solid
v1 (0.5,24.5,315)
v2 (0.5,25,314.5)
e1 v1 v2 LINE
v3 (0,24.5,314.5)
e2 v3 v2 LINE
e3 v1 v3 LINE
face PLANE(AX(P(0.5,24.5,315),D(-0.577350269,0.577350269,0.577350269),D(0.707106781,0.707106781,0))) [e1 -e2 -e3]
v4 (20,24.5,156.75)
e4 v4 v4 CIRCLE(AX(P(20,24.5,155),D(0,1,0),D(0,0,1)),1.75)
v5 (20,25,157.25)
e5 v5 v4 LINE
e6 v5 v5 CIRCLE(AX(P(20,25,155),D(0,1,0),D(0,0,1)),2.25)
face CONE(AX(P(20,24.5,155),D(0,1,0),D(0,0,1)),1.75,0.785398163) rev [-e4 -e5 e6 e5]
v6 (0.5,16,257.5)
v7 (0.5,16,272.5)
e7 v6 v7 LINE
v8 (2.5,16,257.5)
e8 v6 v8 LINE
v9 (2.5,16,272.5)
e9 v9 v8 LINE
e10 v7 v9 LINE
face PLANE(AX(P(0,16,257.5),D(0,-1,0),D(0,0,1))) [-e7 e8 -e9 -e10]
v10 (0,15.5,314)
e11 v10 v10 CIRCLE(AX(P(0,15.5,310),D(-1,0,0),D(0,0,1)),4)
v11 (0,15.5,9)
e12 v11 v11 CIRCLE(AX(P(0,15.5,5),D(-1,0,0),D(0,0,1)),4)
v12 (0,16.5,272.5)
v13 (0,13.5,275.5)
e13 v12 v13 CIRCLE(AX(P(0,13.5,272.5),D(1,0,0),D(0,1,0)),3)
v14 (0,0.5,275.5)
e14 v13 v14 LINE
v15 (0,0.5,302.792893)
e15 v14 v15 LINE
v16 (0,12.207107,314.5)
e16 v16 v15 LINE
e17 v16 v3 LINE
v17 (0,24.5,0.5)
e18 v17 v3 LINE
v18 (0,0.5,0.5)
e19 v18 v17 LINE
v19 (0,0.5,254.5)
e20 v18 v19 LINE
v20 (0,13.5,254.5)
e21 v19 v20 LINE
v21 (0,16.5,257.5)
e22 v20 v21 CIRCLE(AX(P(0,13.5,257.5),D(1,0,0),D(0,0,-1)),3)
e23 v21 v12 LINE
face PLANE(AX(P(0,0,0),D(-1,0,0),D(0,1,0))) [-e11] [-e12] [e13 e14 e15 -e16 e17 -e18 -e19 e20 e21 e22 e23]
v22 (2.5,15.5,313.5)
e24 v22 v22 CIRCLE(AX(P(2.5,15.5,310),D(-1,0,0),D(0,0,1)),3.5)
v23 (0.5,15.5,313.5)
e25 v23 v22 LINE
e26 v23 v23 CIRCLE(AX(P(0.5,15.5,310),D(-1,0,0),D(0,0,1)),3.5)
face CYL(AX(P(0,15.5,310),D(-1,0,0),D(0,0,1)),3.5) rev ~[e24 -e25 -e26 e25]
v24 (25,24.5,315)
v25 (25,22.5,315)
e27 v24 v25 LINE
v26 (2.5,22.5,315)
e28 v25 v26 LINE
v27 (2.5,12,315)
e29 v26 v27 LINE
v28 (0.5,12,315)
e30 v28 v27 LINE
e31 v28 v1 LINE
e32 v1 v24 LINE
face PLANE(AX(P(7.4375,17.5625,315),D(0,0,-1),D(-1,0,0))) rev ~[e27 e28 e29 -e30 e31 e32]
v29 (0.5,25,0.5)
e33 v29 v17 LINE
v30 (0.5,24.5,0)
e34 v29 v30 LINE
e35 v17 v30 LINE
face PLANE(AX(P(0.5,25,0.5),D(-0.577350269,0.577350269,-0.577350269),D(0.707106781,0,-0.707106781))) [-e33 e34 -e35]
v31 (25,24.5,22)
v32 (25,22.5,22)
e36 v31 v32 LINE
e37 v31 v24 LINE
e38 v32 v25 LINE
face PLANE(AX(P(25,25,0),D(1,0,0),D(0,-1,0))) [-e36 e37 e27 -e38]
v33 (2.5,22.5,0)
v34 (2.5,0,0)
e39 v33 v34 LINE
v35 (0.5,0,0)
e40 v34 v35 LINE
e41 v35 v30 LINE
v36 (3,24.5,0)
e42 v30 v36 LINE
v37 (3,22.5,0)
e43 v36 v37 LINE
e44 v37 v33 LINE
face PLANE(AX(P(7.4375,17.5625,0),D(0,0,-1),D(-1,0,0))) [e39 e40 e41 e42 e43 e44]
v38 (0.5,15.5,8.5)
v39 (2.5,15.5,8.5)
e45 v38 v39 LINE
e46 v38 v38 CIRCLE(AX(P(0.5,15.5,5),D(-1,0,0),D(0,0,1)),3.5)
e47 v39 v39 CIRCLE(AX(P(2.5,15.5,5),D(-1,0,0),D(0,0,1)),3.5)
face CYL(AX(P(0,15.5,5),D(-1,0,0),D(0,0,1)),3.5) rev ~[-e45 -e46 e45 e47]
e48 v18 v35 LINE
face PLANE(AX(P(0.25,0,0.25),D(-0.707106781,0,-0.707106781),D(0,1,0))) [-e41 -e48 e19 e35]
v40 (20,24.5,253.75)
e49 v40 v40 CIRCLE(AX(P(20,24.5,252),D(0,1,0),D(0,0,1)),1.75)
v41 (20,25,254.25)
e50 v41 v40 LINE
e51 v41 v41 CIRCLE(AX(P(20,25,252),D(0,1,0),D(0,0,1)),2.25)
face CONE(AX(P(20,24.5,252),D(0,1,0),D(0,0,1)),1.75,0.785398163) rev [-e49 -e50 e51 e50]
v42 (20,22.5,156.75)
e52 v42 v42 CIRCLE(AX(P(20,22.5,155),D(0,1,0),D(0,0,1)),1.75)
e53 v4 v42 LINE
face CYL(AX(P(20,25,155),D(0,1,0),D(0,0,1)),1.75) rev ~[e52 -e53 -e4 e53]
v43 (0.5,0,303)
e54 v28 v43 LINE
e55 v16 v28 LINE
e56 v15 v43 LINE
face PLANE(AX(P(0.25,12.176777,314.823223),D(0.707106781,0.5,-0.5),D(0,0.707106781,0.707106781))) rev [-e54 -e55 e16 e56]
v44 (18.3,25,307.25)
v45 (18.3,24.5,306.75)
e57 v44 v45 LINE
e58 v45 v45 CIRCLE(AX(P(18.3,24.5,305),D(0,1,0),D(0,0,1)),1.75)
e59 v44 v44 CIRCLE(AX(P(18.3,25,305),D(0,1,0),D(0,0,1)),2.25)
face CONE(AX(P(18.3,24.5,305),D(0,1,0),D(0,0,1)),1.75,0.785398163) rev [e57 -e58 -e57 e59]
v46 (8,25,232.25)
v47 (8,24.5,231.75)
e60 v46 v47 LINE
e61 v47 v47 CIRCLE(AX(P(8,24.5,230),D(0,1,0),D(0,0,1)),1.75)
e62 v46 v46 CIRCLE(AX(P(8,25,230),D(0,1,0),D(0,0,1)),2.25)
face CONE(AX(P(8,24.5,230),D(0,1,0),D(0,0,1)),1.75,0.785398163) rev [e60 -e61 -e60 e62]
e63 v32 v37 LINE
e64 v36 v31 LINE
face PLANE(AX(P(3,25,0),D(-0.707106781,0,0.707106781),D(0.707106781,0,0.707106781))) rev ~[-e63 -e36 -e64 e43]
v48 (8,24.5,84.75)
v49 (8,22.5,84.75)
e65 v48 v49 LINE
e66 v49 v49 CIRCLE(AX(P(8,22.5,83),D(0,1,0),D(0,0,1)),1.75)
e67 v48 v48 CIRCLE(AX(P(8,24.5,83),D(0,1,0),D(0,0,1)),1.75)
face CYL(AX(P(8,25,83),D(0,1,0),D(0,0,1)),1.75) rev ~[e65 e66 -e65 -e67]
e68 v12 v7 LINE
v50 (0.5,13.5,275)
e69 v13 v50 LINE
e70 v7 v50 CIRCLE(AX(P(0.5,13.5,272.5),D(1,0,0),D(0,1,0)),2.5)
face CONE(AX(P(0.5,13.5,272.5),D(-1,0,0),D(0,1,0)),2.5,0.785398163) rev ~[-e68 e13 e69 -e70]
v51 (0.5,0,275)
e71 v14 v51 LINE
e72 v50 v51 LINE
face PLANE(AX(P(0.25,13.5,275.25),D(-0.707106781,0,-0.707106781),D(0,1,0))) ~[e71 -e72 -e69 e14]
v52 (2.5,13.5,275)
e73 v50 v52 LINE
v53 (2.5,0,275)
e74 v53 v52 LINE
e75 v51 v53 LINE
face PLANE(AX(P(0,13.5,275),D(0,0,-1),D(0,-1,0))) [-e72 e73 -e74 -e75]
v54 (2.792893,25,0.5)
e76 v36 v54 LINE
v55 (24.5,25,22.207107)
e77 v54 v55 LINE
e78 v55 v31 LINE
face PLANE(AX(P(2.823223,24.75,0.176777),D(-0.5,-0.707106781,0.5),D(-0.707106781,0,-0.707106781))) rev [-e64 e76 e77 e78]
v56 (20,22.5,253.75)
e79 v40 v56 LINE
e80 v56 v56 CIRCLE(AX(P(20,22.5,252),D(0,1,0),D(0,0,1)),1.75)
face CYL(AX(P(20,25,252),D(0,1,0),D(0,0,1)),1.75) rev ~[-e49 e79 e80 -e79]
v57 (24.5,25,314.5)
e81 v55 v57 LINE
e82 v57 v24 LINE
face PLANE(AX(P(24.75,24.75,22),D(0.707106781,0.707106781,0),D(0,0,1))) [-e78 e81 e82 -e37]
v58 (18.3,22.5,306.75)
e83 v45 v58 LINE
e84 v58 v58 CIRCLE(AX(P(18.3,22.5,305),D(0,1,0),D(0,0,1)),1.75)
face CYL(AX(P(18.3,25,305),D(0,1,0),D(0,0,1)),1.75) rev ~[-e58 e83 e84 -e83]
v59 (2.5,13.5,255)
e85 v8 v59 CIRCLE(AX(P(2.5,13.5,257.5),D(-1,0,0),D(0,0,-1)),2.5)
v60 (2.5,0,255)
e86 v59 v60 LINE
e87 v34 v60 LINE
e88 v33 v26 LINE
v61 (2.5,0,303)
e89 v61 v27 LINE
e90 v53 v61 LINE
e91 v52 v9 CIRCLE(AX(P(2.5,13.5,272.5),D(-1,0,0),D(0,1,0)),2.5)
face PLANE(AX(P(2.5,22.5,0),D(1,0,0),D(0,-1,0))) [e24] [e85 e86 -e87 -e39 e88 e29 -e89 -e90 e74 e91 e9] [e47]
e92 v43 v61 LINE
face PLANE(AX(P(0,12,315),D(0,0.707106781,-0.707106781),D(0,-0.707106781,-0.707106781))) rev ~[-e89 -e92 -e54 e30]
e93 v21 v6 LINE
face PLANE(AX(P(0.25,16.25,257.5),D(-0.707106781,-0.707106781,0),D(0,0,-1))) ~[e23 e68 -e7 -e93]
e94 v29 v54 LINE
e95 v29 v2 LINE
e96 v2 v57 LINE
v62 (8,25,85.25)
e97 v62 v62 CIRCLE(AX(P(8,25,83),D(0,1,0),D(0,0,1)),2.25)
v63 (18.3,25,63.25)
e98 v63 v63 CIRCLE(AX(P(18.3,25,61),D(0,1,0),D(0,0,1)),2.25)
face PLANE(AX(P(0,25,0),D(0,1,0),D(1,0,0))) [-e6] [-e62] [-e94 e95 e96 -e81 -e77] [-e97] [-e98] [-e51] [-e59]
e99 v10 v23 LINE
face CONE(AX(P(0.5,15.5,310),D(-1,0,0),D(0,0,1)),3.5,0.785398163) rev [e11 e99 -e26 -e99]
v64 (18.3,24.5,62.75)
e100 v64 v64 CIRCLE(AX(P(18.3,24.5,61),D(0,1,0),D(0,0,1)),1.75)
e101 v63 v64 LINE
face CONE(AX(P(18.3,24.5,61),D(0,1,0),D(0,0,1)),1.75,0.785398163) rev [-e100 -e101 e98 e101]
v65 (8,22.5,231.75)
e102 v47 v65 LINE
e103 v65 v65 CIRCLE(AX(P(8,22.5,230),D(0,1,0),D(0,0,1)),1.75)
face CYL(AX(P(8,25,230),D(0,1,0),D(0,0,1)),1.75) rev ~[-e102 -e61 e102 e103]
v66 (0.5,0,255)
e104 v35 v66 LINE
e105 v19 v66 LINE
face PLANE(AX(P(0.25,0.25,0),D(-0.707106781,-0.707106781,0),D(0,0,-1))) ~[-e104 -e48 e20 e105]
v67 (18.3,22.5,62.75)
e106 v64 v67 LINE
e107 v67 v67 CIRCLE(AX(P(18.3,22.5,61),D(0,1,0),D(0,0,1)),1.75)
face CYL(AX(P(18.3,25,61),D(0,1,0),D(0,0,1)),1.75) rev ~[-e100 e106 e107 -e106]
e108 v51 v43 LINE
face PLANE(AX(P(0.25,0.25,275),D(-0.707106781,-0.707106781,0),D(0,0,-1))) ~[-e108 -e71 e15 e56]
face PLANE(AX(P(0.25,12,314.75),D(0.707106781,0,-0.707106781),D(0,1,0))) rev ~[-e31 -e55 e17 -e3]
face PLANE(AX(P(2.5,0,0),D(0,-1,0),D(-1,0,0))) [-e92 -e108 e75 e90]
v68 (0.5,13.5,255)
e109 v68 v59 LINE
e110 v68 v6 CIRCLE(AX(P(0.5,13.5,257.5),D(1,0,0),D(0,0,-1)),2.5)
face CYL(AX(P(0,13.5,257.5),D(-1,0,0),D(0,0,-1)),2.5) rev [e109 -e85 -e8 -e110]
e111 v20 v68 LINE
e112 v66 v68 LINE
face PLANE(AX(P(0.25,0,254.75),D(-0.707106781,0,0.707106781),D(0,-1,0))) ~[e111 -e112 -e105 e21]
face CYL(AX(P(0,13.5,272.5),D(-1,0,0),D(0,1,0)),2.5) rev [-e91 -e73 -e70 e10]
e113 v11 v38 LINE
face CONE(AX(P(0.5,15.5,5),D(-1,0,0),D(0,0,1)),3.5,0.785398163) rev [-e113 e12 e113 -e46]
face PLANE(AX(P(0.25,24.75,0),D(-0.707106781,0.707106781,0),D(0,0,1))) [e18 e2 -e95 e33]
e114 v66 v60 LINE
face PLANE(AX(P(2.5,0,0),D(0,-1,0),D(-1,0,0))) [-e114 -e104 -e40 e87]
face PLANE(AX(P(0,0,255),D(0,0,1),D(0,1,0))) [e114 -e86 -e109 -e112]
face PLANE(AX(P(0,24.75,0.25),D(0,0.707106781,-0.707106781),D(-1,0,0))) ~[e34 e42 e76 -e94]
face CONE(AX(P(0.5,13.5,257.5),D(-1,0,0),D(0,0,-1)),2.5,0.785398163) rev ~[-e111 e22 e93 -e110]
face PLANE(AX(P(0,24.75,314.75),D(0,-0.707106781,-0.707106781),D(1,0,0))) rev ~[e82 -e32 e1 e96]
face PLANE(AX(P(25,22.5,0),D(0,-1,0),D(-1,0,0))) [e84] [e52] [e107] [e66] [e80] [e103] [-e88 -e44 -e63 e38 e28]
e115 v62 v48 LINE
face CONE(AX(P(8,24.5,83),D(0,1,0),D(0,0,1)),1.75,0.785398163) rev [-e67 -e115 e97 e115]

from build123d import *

# Parameters (mm, degrees)
BASE_EXTRUSION_DEPTH     = 315
ESQUISSE3_R              = 1.75
ENL_V_MAT_EXTRU_2_DEPTH  = 3
ENL_V_MAT_EXTRU_5_DEPTH  = 3
ENL_V_MAT_EXTRU_6_DEPTH  = 3
ENL_V_MAT_EXTRU_9_DEPTH  = 3
ESQUISSE8_R              = 3.5
ENL_V_MAT_EXTRU_10_DEPTH = 3
CHANFREIN1_SIZE          = 0.5


with BuildPart() as part:
    # Esquisse1 → Base-Extrusion (new body)
    with BuildSketch(Plane.XY):
        Polygon((0, 0), (0, 25), (25, 25), (25, 22.5), (2.5, 22.5), (2.5, 0), align=None)
    extrude(amount=BASE_EXTRUSION_DEPTH)

    # Esquisse3 → Enlèv. mat.-Extru.2 (cut)
    with BuildSketch(Plane(origin=(0, 25, 0), x_dir=(-1, 0, 0), z_dir=(0, 1, 0))):
        with Locations(Location((-18.3, 61, 0), (0, 0, 90))):
            Circle(ESQUISSE3_R)
        with Locations(Location((-8, 83, 0), (0, 0, 90))):
            Circle(ESQUISSE3_R)
        with Locations(Location((-20, 155, 0), (0, 0, 90))):
            Circle(ESQUISSE3_R)
        with Locations(Location((-8, 230, 0), (0, 0, 90))):
            Circle(ESQUISSE3_R)
        with Locations(Location((-20, 252, 0), (0, 0, 90))):
            Circle(ESQUISSE3_R)
        with Locations(Location((-18.3, 305, 0), (0, 0, 90))):
            Circle(ESQUISSE3_R)
    extrude(amount=-ENL_V_MAT_EXTRU_2_DEPTH, mode=Mode.SUBTRACT)

    # Esquisse5 → Enlèv. mat.-Extru.5 (cut)
    with BuildSketch(Plane(origin=(0, 25, 0), x_dir=(-1, 0, 0), z_dir=(0, 1, 0))):
        Polygon((-3, 0), (-25, 22), (-25, 0), align=None)
    extrude(amount=-ENL_V_MAT_EXTRU_5_DEPTH, mode=Mode.SUBTRACT)

    # Esquisse6 → Enlèv. mat.-Extru.6 (cut)
    with BuildSketch(Plane.ZY):
        Polygon((315, 12), (303, 0), (315, 0), align=None)
    extrude(amount=-ENL_V_MAT_EXTRU_6_DEPTH, mode=Mode.SUBTRACT)

    # Esquisse7 → Enlèv. mat.-Extru.9 (cut)
    with BuildSketch(Plane.ZY):
        with BuildLine():
            Line((255, 0), (255, 13.5))
            ThreePointArc((255, 13.5), (255.732233047, 15.267766953), (257.5, 16))
            Line((257.5, 16), (272.5, 16))
            ThreePointArc((272.5, 16), (274.267766953, 15.267766953), (275, 13.5))
            Line((275, 13.5), (275, 0))
            Line((275, 0), (255, 0))
        make_face()
    extrude(amount=-ENL_V_MAT_EXTRU_9_DEPTH, mode=Mode.SUBTRACT)

    # Esquisse8 → Enlèv. mat.-Extru.10 (cut)
    with BuildSketch(Plane.ZY):
        with Locations((310, 15.5)):
            Circle(ESQUISSE8_R)
        with Locations((5, 15.5)):
            Circle(ESQUISSE8_R)
    extrude(amount=-ENL_V_MAT_EXTRU_10_DEPTH, mode=Mode.SUBTRACT)

    # Chanfrein1
    chanfrein1_edges = [part.edges().sort_by_distance(p)[0] for p in [
        (0, 12.5, 0),
        (0, 0, 127.5),
        (0, 25, 157.5),
        (0, 6.75, 255),
        (0, 18.5, 315),
        (0, 15.267766953, 255.732233047),
        (0, 6, 309),
        (0, 16, 265),
        (0, 0, 289),
        (0, 15.267766953, 274.267766953),
        (0, 6.75, 275),
        (0, 15.5, 306.5),
        (0, 15.5, 1.5),
        (1.5, 25, 0),
        (14, 25, 11),
        (25, 25, 168.5),
        (12.5, 25, 315),
        (8, 25, 228.25),
        (18.3, 25, 303.25),
        (20, 25, 250.25),
        (8, 25, 81.25),
        (20, 25, 153.25),
        (18.3, 25, 59.25),
    ]]
    chamfer(chanfrein1_edges, length=CHANFREIN1_SIZE)


solid = part.part
